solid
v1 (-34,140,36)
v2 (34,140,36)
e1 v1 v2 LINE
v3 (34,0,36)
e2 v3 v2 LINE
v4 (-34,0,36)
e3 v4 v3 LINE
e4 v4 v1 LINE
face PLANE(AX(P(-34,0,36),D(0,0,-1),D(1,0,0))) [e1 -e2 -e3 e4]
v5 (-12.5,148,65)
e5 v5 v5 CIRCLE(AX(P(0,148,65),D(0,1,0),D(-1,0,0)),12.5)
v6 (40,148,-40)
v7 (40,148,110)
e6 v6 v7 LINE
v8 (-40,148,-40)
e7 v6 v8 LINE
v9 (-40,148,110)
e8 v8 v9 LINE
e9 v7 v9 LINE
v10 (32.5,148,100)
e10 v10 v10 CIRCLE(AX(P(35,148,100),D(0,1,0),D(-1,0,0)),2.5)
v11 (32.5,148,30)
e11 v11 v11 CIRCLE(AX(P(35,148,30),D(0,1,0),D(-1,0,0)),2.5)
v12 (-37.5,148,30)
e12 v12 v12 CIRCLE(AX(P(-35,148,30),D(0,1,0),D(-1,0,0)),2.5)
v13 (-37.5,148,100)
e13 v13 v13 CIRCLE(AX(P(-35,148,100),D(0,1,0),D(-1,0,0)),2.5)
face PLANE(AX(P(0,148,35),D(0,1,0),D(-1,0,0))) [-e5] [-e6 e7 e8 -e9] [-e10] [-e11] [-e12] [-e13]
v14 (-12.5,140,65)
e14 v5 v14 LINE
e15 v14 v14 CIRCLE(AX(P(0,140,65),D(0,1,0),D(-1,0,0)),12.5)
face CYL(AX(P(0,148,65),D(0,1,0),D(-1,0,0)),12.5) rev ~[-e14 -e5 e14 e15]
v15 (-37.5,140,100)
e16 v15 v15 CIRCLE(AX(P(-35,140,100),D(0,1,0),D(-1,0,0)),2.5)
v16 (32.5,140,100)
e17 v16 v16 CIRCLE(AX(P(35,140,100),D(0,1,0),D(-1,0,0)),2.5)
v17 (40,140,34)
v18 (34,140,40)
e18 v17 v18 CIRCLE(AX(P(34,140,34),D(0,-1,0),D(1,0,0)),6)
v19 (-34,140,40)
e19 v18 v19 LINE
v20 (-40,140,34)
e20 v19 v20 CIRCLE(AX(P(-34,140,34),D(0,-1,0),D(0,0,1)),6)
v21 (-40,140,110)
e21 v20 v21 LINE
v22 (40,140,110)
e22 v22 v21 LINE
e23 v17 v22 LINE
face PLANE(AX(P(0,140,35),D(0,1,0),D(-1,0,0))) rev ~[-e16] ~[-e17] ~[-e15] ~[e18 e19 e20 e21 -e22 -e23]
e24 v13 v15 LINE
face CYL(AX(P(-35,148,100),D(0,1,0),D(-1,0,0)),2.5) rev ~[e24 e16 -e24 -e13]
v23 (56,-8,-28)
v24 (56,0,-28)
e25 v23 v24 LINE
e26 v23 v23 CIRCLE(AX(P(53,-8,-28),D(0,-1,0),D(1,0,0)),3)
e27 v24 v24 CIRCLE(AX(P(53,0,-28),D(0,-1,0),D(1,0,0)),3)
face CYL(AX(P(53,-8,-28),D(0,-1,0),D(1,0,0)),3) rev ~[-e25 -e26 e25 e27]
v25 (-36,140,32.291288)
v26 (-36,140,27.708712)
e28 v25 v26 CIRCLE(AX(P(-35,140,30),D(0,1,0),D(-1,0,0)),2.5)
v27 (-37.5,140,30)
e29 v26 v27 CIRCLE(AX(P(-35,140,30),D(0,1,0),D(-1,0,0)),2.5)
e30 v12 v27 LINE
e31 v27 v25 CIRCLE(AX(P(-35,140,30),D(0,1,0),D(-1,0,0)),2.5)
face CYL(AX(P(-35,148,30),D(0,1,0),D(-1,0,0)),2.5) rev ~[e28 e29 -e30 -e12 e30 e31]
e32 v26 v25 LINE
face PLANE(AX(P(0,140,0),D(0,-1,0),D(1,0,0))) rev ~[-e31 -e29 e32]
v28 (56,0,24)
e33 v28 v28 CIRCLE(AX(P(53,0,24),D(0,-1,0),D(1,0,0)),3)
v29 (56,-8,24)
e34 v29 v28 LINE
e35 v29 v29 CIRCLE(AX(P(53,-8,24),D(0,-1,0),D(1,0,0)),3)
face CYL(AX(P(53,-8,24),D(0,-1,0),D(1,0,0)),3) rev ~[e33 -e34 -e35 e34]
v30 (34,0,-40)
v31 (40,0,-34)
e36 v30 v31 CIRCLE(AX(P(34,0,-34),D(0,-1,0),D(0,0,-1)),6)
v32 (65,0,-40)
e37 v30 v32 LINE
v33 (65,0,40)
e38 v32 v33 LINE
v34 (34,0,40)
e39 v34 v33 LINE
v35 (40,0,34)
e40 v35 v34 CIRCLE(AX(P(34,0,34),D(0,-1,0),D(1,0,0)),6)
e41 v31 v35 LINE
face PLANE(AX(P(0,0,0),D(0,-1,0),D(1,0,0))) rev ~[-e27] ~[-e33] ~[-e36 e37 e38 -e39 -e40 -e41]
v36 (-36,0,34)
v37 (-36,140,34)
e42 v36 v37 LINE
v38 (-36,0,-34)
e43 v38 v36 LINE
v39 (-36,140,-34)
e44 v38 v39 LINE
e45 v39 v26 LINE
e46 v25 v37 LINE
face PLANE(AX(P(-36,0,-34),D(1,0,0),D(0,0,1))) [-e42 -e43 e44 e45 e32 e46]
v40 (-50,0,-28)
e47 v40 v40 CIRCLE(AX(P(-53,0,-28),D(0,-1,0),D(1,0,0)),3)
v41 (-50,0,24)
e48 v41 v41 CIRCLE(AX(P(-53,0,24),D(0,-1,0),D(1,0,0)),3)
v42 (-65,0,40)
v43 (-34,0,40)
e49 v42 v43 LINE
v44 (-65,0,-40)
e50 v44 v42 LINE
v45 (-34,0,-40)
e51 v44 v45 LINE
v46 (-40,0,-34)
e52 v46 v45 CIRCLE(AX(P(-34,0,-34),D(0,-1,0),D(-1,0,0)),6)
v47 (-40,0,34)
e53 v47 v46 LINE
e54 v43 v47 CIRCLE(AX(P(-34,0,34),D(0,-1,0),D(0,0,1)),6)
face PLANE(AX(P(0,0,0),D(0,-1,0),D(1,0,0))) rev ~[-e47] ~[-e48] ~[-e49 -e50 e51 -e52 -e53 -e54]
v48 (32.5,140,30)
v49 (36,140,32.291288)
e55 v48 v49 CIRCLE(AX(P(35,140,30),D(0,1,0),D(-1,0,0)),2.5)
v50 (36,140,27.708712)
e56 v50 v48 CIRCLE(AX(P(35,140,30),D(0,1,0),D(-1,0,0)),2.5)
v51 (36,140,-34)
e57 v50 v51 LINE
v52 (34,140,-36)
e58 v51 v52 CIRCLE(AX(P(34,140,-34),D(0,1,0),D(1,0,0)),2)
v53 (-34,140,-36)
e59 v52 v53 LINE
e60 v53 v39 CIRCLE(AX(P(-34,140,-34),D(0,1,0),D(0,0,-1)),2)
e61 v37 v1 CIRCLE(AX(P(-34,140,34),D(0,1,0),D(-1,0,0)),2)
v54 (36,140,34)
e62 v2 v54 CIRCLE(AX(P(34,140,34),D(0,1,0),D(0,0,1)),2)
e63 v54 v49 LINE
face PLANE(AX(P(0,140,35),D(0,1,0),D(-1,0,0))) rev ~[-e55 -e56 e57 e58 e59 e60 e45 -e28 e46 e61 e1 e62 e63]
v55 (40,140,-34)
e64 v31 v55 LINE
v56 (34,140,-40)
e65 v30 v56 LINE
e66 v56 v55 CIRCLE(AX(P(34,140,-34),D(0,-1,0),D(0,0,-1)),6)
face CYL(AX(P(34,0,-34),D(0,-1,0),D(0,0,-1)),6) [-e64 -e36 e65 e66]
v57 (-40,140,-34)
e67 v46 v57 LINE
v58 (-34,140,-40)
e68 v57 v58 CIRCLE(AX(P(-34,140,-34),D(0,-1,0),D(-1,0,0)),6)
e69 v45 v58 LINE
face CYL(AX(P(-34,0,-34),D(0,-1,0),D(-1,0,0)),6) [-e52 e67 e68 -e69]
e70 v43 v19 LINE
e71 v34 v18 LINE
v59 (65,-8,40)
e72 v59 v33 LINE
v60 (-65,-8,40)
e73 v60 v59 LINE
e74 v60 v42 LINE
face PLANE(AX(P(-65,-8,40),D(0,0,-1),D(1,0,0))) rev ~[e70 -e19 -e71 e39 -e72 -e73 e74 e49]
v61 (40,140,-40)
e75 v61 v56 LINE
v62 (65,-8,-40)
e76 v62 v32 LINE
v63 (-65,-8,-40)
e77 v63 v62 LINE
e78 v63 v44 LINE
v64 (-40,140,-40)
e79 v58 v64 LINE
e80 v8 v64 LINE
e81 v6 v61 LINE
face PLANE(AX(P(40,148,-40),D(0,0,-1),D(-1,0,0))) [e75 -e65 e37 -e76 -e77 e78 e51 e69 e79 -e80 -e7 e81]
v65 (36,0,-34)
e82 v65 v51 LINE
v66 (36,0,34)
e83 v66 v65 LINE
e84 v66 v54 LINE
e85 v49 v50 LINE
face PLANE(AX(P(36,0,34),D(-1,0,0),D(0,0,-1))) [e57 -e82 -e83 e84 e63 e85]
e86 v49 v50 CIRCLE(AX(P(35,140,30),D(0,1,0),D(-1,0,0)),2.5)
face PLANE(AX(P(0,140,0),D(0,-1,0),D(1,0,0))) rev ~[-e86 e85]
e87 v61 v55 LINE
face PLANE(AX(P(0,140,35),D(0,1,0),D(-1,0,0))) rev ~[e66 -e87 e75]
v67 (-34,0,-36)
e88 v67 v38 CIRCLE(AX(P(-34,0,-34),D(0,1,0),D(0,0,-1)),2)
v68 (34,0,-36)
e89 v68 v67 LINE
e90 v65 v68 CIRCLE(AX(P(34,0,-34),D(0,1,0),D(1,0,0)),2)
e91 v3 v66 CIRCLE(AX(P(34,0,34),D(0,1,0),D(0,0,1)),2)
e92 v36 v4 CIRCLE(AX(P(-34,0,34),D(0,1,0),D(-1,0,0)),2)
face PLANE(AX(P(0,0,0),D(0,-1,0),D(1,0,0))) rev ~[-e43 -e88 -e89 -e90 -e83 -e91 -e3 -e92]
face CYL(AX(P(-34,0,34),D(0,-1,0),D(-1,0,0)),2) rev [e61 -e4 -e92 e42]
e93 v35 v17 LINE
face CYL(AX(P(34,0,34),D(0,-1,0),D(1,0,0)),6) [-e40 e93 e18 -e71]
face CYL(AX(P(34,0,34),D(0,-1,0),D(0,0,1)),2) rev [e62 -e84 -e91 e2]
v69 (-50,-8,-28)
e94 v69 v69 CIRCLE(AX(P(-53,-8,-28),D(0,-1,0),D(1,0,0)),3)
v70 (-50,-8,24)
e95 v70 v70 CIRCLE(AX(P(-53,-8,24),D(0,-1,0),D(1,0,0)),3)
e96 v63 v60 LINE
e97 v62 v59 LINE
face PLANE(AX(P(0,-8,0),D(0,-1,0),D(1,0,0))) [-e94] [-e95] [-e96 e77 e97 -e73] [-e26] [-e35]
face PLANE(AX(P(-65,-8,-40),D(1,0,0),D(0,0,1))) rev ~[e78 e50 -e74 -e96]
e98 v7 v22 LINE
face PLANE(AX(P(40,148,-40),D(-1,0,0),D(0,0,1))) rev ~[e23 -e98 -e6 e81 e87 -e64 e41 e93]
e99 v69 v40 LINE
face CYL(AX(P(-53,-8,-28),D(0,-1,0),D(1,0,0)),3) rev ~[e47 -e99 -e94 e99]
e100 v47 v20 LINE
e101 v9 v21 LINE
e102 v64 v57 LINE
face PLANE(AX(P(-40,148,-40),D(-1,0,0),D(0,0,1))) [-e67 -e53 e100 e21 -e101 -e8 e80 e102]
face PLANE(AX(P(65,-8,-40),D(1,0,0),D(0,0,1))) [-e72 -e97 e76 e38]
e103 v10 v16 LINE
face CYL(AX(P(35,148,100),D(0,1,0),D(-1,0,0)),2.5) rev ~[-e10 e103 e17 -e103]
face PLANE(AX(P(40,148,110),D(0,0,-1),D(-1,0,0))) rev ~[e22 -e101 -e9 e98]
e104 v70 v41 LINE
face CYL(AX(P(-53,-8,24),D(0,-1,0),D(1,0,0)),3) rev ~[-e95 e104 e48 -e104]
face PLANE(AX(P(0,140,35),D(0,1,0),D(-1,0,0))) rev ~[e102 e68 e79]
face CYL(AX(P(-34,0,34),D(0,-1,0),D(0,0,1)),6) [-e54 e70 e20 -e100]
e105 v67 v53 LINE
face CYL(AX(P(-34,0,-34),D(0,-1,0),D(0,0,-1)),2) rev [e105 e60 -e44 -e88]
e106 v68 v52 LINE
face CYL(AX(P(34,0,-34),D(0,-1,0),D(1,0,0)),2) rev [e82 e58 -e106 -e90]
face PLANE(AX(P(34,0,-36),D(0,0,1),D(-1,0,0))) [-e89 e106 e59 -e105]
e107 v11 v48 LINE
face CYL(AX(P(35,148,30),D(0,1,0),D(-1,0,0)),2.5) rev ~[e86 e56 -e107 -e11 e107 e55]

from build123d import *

# Parameters (mm, degrees)
F1_DEPTH = 140
F3_W     = 130
F3_H     = 80
F3_R     = 3
F4_DEPTH = 8
F6_W     = 80
F6_H     = 150
F6_R     = 2.5
F6_R_2   = 12.5
F7_DEPTH = 8


with BuildPart() as f1:
    # F0 (on Front) → F1 (new body)
    with BuildSketch(Plane.XZ):
        with BuildLine():
            ThreePointArc((40, 34), (38.2426406871, 38.2426406871), (34, 40))
            Line((34, 40), (-34, 40))
            ThreePointArc((-34, 40), (-38.2426406871, 38.2426406871), (-40, 34))
            Line((-40, 34), (-40, -34))
            ThreePointArc((-40, -34), (-38.2426406871, -38.2426406871), (-34, -40))
            Line((-34, -40), (34, -40))
            ThreePointArc((34, -40), (38.2426406871, -38.2426406871), (40, -34))
            Line((40, -34), (40, 34))
        make_face()
        with BuildLine():
            ThreePointArc((-36, 34), (-35.4142135624, 35.4142135624), (-34, 36))
            Line((-34, 36), (34, 36))
            ThreePointArc((34, 36), (35.4142135624, 35.4142135624), (36, 34))
            Line((36, 34), (36, -34))
            ThreePointArc((36, -34), (35.4142135624, -35.4142135624), (34, -36))
            Line((34, -36), (-34, -36))
            ThreePointArc((-34, -36), (-35.4142135624, -35.4142135624), (-36, -34))
            Line((-36, -34), (-36, 34))
        make_face(mode=Mode.SUBTRACT)
    extrude(amount=-F1_DEPTH)

    # F3 (on offset) → F4 (join)
    with BuildSketch(Plane.XZ.offset(8)):
        Rectangle(F3_W, F3_H)
        with Locations((-53, -28)):
            Circle(F3_R, mode=Mode.SUBTRACT)
        with Locations((53, -28)):
            Circle(F3_R, mode=Mode.SUBTRACT)
        with Locations((-53, 24)):
            Circle(F3_R, mode=Mode.SUBTRACT)
        with Locations((53, 24)):
            Circle(F3_R, mode=Mode.SUBTRACT)
    extrude(amount=-F4_DEPTH)

    # F6 (on offset) → F7 (join)
    with BuildSketch(Plane(origin=(0, 148, 0), x_dir=(-1, 0, 0), z_dir=(0, 1, 0))):
        with Locations((0, 35)):
            Rectangle(F6_W, F6_H)
        with Locations((-35, 30)):
            Circle(F6_R, mode=Mode.SUBTRACT)
        with Locations((35, 30)):
            Circle(F6_R, mode=Mode.SUBTRACT)
        with Locations((-35, 100)):
            Circle(F6_R, mode=Mode.SUBTRACT)
        with Locations((0, 65)):
            Circle(F6_R_2, mode=Mode.SUBTRACT)
        with Locations((35, 100)):
            Circle(F6_R, mode=Mode.SUBTRACT)
    extrude(amount=-F7_DEPTH)


solid = f1.part
